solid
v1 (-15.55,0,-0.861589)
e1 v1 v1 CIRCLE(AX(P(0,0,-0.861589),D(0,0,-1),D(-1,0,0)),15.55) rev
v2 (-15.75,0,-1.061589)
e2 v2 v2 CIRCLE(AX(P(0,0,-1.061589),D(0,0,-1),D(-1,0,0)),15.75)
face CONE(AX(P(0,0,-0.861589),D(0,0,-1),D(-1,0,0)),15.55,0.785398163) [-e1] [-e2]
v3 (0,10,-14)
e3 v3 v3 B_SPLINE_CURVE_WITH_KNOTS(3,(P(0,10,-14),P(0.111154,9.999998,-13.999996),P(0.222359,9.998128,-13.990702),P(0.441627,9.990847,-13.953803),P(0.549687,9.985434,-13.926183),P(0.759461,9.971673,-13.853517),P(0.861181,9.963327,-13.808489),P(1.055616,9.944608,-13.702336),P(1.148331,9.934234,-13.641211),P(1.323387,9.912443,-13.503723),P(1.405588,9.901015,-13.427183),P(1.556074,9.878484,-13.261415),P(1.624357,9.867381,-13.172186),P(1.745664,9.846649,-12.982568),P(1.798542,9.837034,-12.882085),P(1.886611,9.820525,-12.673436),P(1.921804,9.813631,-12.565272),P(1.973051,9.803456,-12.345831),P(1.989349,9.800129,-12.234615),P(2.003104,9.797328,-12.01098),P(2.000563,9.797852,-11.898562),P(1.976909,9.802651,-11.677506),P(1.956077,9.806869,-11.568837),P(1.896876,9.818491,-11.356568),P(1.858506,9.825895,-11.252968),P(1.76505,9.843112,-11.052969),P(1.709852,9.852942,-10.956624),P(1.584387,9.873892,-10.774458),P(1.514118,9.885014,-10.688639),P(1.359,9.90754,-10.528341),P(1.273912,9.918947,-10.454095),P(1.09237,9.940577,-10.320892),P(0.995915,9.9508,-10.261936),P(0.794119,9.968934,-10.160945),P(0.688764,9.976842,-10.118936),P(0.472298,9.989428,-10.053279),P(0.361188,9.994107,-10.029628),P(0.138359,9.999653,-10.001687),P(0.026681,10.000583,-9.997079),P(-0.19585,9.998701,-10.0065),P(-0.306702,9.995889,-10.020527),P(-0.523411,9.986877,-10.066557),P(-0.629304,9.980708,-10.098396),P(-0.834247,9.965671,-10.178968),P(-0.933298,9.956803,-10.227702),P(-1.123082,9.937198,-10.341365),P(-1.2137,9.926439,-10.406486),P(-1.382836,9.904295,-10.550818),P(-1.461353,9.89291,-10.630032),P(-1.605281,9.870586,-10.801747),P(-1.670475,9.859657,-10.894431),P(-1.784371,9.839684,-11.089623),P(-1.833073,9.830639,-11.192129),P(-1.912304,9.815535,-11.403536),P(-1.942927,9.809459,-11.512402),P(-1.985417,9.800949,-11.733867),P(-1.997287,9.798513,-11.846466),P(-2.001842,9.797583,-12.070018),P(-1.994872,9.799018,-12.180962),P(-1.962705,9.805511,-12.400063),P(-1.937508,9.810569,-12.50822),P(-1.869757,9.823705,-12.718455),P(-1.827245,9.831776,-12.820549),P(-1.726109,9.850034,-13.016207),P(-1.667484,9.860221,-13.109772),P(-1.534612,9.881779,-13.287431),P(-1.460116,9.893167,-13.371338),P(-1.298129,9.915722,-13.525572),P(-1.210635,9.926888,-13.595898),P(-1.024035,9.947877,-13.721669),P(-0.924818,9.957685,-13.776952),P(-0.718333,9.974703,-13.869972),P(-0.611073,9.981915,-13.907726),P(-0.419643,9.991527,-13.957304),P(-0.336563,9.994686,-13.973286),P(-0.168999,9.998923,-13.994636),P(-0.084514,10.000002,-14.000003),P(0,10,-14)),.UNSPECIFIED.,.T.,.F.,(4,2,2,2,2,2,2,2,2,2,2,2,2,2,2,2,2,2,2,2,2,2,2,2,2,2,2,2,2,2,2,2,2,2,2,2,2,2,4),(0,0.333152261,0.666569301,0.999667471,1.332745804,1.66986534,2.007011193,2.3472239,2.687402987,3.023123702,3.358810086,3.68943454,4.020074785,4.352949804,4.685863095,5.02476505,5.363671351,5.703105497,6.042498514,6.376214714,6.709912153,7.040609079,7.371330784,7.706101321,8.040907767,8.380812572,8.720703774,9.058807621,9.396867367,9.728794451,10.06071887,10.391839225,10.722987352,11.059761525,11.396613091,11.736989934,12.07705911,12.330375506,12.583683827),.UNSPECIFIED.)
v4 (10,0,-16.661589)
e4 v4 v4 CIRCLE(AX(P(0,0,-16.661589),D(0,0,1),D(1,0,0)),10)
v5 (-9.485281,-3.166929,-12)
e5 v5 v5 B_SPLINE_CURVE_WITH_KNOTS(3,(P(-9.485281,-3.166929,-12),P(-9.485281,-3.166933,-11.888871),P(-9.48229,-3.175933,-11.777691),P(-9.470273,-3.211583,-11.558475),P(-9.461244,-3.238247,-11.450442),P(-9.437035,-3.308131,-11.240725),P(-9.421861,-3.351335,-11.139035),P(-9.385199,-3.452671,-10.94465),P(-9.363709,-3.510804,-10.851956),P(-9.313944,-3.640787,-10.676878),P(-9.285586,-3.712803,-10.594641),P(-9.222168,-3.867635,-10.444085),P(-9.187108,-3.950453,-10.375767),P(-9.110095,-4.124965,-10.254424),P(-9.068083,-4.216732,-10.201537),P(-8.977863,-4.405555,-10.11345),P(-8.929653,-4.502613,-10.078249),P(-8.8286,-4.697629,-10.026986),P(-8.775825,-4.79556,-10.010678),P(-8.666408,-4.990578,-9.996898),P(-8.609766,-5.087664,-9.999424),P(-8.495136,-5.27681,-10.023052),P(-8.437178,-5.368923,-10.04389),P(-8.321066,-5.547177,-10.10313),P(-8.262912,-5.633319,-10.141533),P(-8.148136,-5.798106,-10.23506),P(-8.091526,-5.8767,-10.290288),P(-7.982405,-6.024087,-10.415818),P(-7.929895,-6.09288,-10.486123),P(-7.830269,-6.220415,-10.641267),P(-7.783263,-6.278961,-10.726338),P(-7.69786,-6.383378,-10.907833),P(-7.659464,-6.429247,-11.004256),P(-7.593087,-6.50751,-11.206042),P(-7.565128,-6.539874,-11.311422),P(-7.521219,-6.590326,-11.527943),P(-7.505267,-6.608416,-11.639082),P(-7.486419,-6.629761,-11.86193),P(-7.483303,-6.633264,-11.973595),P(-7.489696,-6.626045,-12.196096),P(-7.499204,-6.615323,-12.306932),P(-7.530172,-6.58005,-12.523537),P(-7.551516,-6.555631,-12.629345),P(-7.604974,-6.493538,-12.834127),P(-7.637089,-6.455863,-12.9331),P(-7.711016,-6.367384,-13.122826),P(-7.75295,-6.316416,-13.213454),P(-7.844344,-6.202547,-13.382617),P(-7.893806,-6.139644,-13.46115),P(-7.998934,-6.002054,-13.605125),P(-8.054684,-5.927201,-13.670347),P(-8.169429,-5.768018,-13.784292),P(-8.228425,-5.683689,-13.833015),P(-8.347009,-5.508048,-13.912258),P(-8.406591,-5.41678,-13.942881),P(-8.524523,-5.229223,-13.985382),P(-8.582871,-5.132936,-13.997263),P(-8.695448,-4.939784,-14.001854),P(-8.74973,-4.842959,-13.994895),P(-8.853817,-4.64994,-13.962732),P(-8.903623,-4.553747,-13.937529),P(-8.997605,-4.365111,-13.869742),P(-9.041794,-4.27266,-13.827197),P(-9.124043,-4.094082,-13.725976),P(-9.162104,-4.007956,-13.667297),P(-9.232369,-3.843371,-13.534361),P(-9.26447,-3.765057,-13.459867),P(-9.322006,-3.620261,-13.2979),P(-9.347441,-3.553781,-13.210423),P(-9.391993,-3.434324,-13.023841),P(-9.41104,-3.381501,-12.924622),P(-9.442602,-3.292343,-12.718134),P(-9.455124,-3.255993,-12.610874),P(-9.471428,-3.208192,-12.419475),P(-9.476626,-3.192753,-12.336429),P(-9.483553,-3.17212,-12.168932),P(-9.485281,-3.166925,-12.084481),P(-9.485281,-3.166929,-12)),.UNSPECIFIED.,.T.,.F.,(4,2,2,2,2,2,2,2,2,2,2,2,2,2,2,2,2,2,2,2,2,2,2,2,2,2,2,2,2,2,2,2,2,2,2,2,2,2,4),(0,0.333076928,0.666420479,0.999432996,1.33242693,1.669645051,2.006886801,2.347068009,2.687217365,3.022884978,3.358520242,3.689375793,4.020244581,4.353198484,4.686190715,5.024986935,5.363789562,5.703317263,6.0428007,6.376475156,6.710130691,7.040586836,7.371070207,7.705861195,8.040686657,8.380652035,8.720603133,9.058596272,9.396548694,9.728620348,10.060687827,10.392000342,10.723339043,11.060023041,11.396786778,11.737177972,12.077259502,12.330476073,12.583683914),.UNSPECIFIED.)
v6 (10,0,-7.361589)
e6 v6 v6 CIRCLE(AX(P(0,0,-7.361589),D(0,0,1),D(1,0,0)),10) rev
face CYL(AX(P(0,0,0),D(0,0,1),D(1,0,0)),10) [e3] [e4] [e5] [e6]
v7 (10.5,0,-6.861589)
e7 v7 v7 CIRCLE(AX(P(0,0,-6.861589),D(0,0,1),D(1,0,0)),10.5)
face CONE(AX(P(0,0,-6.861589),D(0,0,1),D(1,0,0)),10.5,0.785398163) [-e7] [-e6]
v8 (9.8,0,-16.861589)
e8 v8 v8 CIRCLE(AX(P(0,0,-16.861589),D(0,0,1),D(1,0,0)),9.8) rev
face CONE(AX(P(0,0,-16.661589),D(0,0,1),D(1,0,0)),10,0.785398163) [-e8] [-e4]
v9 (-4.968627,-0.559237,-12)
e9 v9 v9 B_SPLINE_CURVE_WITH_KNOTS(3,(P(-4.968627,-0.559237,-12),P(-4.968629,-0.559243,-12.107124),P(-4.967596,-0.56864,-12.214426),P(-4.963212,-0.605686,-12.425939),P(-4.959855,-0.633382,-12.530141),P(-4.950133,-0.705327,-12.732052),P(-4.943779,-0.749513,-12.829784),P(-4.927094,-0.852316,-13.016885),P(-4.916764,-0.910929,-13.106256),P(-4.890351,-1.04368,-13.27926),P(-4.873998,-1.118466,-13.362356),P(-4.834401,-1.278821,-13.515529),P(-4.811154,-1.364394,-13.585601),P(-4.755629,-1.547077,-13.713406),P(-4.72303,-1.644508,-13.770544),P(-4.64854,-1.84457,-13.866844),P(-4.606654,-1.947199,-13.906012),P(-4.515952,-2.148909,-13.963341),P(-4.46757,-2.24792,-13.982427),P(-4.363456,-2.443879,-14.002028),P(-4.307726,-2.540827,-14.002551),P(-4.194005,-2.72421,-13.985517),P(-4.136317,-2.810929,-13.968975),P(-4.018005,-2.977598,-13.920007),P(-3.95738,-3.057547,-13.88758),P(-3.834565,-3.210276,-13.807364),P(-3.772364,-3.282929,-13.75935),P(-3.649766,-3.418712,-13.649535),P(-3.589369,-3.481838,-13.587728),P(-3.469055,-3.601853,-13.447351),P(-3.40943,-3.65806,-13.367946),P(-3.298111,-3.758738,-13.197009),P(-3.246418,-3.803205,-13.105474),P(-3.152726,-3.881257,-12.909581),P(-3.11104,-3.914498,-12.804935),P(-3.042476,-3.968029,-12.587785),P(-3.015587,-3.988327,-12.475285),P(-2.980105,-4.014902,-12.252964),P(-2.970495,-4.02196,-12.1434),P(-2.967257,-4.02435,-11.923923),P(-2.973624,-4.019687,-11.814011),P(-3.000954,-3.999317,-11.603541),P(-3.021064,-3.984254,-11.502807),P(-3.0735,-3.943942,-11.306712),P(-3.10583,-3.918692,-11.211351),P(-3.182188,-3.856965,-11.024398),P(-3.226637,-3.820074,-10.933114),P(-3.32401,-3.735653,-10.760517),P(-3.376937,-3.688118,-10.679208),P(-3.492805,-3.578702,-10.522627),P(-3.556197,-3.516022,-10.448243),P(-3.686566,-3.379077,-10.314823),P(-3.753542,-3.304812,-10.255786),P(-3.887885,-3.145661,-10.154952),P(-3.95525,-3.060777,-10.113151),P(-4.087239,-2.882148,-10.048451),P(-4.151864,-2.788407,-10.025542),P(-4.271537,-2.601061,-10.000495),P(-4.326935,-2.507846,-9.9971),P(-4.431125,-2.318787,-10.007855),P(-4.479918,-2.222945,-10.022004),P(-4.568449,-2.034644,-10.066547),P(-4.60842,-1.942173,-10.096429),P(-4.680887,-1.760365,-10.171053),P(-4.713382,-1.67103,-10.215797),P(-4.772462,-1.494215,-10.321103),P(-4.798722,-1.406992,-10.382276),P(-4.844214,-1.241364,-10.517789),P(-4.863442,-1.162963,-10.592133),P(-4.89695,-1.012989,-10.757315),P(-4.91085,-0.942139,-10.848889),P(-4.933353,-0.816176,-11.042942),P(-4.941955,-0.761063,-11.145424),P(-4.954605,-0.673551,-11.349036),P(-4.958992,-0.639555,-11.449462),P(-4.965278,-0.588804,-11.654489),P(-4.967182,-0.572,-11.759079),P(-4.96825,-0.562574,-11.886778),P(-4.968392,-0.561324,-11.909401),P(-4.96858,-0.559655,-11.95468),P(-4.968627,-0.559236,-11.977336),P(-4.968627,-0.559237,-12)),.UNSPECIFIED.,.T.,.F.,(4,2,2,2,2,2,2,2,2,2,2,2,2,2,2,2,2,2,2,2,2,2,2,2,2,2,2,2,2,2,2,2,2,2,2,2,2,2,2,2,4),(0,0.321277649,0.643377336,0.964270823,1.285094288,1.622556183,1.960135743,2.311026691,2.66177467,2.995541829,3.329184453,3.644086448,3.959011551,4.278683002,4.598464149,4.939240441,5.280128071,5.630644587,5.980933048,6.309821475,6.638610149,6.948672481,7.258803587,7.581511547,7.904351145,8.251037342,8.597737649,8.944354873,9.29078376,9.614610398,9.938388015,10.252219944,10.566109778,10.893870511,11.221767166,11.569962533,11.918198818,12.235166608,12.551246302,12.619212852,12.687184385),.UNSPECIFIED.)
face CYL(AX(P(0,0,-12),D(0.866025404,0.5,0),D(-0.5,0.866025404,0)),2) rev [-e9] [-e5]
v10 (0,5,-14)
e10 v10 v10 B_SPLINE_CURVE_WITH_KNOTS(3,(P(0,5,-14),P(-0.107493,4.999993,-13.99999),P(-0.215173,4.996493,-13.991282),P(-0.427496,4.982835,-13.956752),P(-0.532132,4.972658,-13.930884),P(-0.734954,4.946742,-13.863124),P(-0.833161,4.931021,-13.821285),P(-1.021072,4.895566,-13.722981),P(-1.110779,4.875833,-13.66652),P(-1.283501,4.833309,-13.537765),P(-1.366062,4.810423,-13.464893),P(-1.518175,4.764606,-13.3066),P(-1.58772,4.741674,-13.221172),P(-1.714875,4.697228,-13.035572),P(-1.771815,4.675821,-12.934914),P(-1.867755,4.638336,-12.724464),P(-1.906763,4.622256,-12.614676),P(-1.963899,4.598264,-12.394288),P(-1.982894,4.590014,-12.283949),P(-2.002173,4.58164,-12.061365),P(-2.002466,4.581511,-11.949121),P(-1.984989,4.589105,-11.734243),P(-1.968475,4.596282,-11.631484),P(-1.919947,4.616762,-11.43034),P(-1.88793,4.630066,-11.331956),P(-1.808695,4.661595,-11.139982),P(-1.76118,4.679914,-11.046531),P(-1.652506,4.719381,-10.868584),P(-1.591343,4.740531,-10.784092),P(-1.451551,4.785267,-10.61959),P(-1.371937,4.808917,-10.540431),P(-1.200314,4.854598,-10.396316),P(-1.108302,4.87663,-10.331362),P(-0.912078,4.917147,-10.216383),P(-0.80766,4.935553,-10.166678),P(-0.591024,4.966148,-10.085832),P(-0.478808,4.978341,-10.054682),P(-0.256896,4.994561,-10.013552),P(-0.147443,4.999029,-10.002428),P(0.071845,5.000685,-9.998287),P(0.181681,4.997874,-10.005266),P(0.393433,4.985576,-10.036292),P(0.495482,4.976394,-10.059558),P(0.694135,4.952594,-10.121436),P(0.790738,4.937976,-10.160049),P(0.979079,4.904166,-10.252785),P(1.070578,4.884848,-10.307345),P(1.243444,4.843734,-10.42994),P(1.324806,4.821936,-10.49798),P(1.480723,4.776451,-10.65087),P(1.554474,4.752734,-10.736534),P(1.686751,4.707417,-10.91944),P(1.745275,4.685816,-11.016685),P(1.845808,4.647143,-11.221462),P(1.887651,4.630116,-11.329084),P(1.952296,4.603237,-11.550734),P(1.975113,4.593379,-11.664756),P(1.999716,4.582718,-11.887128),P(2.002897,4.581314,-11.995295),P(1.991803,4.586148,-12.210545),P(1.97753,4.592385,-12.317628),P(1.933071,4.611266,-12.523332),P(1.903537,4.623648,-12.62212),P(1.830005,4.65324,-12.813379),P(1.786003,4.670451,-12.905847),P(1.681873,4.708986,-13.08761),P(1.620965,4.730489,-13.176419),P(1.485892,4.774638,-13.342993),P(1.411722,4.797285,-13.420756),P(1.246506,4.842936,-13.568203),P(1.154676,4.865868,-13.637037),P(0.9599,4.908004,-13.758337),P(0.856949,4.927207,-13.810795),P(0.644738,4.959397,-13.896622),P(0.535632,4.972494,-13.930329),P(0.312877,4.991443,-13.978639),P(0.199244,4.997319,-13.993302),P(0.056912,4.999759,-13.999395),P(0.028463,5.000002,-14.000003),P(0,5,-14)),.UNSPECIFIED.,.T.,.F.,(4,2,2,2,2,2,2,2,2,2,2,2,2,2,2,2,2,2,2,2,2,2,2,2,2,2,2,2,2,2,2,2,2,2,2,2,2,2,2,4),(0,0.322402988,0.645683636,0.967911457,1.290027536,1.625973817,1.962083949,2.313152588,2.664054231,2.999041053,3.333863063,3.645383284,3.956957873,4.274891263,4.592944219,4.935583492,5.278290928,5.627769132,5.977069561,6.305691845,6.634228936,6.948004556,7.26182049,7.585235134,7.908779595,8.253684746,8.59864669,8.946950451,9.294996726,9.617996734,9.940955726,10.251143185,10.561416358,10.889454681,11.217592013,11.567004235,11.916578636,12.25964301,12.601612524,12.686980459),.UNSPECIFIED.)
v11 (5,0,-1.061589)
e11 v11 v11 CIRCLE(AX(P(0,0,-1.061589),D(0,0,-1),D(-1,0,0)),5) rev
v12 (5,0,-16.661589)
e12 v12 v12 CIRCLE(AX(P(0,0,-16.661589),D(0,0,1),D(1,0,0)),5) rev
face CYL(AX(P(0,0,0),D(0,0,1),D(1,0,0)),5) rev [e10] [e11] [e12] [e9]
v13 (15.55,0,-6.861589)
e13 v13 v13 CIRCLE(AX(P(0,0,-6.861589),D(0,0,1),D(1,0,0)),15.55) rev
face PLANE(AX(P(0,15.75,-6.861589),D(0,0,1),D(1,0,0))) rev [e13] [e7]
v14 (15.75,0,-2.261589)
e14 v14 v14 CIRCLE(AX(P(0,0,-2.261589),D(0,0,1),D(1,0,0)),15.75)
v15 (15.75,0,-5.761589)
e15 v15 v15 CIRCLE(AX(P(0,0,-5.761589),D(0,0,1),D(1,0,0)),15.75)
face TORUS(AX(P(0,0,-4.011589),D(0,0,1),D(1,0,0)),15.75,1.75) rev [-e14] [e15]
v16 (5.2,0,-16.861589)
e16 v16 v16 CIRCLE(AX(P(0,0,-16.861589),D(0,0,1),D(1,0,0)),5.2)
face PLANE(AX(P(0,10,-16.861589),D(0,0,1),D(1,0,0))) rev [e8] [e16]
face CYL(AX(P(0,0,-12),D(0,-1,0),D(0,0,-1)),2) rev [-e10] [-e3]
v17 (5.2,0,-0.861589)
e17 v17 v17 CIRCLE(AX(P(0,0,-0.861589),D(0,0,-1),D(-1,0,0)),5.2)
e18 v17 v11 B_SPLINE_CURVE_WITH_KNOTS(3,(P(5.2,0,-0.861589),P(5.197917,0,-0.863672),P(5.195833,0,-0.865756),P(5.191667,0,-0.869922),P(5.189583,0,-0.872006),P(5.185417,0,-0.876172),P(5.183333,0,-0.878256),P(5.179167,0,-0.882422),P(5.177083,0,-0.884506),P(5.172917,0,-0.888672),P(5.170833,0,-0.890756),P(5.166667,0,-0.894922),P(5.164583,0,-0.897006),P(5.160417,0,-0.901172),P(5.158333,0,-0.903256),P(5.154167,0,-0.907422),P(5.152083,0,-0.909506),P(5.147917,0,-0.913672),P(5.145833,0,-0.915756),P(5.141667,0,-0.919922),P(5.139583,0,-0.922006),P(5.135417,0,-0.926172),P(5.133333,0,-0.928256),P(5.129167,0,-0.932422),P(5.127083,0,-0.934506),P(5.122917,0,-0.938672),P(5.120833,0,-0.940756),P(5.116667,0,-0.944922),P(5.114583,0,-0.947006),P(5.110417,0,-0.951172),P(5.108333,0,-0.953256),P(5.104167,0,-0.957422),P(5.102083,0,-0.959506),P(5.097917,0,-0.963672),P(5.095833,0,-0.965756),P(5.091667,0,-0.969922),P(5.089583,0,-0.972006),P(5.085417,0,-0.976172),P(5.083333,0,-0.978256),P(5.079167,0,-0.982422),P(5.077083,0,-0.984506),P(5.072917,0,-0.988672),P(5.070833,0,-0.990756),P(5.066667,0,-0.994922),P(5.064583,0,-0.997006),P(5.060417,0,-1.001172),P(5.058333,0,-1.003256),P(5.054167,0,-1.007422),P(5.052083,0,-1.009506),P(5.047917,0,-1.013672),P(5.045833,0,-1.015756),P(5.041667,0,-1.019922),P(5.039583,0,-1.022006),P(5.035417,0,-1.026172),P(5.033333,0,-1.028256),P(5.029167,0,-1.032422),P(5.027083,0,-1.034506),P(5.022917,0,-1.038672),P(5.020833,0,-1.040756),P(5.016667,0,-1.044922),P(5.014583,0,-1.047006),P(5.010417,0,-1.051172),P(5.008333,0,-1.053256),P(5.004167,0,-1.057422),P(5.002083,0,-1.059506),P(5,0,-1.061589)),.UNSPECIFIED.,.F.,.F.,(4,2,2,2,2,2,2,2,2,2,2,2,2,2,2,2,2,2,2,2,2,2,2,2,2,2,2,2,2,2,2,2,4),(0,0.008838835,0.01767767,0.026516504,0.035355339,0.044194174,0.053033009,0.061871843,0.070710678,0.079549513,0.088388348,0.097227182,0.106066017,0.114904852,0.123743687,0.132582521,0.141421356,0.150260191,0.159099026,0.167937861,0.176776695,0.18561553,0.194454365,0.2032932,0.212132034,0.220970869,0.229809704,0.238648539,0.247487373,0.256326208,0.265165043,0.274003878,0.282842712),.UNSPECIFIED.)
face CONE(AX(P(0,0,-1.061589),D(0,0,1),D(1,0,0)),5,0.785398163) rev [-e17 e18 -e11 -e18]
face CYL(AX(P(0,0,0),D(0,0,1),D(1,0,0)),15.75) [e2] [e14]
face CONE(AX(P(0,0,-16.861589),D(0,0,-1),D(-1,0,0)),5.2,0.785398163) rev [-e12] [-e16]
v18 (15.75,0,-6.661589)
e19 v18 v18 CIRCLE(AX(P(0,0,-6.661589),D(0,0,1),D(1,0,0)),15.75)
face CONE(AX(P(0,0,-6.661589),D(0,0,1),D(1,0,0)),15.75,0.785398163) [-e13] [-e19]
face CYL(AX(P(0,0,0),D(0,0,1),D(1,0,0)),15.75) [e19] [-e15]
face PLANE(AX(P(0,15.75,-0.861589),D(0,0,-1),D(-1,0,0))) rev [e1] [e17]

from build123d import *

# Parameters (mm, degrees)
SKETCH_2_W               = 2
SKETCH_2_H               = 21.51490011
PATTERN_CIRCULAR_1_COUNT = 2
PATTERN_CIRCULAR_1_ANGLE = 120
CHAMFER_1_SIZE           = 0.2
CHAMFER_2_SIZE           = 0.5


with BuildPart() as part:
    # 草图1 → 旋转1 (revolve)
    with BuildSketch(Plane(origin=(0, 0, 0), x_dir=(0, 0, -1), z_dir=(1, 0, 0)), mode=Mode.PRIVATE) as revolve_1_sk:
        with BuildLine():
            Line((0.861588836, 5), (16.861588836, 5))
            Line((16.861588836, 5), (16.861588836, 10))
            Line((16.861588836, 10), (6.861588836, 10))
            Line((6.861588836, 10), (6.861588836, 15.75))
            Line((6.861588836, 15.75), (5.761588836, 15.75))
            ThreePointArc((5.761588836, 15.75), (4.011588836, 14), (2.261588836, 15.75))
            Line((2.261588836, 15.75), (0.861588836, 15.75))
            Line((0.861588836, 15.75), (0.861588836, 5))
        make_face()
    revolve(revolve_1_sk.sketch.rotate(Axis((0, 0, 0), (0, 0, -1)), 90), axis=Axis((0, 0, 0), (0, 0, -1)))

    # 草图2 → M4 螺纹孔1 (revolve, cut)
    with BuildSketch(Plane(origin=(0, 0, -12), x_dir=(0, 0, -1), z_dir=(1, 0, 0))):
        with Locations((1, 10.757450055)):
            Rectangle(SKETCH_2_W, SKETCH_2_H)
    hole_wizard_m4_1 = revolve(axis=Axis((0, -6.35, -12), (0, 1, 0)), mode=Mode.SUBTRACT)

    # 阵列(圆周)1: M4 螺纹孔1 ×2 about axis
    pattern_circular_1_axis = Axis((0, 0, 0), (0, 0, 1))
    for i in range(1, PATTERN_CIRCULAR_1_COUNT):
        add(hole_wizard_m4_1.rotate(pattern_circular_1_axis, i * PATTERN_CIRCULAR_1_ANGLE / (PATTERN_CIRCULAR_1_COUNT - 1)), mode=Mode.SUBTRACT)

    # 倒角1
    chamfer_1_edges = [part.edges().sort_by_distance(p)[0] for p in [
        (-15.75, 0, -0.861588836),
        (-15.75, 0, -6.861588836),
        (-10, 0, -16.861588836),
        (-5, 0, -16.861588836),
        (-5, 0, -0.861588836),
    ]]
    chamfer(chamfer_1_edges, length=CHAMFER_1_SIZE)

    # 倒角2
    chamfer_2_edges = [part.edges().sort_by_distance(p)[0] for p in [
        (-10, 0, -6.861588836),
    ]]
    chamfer(chamfer_2_edges, length=CHAMFER_2_SIZE)


solid = part.part
